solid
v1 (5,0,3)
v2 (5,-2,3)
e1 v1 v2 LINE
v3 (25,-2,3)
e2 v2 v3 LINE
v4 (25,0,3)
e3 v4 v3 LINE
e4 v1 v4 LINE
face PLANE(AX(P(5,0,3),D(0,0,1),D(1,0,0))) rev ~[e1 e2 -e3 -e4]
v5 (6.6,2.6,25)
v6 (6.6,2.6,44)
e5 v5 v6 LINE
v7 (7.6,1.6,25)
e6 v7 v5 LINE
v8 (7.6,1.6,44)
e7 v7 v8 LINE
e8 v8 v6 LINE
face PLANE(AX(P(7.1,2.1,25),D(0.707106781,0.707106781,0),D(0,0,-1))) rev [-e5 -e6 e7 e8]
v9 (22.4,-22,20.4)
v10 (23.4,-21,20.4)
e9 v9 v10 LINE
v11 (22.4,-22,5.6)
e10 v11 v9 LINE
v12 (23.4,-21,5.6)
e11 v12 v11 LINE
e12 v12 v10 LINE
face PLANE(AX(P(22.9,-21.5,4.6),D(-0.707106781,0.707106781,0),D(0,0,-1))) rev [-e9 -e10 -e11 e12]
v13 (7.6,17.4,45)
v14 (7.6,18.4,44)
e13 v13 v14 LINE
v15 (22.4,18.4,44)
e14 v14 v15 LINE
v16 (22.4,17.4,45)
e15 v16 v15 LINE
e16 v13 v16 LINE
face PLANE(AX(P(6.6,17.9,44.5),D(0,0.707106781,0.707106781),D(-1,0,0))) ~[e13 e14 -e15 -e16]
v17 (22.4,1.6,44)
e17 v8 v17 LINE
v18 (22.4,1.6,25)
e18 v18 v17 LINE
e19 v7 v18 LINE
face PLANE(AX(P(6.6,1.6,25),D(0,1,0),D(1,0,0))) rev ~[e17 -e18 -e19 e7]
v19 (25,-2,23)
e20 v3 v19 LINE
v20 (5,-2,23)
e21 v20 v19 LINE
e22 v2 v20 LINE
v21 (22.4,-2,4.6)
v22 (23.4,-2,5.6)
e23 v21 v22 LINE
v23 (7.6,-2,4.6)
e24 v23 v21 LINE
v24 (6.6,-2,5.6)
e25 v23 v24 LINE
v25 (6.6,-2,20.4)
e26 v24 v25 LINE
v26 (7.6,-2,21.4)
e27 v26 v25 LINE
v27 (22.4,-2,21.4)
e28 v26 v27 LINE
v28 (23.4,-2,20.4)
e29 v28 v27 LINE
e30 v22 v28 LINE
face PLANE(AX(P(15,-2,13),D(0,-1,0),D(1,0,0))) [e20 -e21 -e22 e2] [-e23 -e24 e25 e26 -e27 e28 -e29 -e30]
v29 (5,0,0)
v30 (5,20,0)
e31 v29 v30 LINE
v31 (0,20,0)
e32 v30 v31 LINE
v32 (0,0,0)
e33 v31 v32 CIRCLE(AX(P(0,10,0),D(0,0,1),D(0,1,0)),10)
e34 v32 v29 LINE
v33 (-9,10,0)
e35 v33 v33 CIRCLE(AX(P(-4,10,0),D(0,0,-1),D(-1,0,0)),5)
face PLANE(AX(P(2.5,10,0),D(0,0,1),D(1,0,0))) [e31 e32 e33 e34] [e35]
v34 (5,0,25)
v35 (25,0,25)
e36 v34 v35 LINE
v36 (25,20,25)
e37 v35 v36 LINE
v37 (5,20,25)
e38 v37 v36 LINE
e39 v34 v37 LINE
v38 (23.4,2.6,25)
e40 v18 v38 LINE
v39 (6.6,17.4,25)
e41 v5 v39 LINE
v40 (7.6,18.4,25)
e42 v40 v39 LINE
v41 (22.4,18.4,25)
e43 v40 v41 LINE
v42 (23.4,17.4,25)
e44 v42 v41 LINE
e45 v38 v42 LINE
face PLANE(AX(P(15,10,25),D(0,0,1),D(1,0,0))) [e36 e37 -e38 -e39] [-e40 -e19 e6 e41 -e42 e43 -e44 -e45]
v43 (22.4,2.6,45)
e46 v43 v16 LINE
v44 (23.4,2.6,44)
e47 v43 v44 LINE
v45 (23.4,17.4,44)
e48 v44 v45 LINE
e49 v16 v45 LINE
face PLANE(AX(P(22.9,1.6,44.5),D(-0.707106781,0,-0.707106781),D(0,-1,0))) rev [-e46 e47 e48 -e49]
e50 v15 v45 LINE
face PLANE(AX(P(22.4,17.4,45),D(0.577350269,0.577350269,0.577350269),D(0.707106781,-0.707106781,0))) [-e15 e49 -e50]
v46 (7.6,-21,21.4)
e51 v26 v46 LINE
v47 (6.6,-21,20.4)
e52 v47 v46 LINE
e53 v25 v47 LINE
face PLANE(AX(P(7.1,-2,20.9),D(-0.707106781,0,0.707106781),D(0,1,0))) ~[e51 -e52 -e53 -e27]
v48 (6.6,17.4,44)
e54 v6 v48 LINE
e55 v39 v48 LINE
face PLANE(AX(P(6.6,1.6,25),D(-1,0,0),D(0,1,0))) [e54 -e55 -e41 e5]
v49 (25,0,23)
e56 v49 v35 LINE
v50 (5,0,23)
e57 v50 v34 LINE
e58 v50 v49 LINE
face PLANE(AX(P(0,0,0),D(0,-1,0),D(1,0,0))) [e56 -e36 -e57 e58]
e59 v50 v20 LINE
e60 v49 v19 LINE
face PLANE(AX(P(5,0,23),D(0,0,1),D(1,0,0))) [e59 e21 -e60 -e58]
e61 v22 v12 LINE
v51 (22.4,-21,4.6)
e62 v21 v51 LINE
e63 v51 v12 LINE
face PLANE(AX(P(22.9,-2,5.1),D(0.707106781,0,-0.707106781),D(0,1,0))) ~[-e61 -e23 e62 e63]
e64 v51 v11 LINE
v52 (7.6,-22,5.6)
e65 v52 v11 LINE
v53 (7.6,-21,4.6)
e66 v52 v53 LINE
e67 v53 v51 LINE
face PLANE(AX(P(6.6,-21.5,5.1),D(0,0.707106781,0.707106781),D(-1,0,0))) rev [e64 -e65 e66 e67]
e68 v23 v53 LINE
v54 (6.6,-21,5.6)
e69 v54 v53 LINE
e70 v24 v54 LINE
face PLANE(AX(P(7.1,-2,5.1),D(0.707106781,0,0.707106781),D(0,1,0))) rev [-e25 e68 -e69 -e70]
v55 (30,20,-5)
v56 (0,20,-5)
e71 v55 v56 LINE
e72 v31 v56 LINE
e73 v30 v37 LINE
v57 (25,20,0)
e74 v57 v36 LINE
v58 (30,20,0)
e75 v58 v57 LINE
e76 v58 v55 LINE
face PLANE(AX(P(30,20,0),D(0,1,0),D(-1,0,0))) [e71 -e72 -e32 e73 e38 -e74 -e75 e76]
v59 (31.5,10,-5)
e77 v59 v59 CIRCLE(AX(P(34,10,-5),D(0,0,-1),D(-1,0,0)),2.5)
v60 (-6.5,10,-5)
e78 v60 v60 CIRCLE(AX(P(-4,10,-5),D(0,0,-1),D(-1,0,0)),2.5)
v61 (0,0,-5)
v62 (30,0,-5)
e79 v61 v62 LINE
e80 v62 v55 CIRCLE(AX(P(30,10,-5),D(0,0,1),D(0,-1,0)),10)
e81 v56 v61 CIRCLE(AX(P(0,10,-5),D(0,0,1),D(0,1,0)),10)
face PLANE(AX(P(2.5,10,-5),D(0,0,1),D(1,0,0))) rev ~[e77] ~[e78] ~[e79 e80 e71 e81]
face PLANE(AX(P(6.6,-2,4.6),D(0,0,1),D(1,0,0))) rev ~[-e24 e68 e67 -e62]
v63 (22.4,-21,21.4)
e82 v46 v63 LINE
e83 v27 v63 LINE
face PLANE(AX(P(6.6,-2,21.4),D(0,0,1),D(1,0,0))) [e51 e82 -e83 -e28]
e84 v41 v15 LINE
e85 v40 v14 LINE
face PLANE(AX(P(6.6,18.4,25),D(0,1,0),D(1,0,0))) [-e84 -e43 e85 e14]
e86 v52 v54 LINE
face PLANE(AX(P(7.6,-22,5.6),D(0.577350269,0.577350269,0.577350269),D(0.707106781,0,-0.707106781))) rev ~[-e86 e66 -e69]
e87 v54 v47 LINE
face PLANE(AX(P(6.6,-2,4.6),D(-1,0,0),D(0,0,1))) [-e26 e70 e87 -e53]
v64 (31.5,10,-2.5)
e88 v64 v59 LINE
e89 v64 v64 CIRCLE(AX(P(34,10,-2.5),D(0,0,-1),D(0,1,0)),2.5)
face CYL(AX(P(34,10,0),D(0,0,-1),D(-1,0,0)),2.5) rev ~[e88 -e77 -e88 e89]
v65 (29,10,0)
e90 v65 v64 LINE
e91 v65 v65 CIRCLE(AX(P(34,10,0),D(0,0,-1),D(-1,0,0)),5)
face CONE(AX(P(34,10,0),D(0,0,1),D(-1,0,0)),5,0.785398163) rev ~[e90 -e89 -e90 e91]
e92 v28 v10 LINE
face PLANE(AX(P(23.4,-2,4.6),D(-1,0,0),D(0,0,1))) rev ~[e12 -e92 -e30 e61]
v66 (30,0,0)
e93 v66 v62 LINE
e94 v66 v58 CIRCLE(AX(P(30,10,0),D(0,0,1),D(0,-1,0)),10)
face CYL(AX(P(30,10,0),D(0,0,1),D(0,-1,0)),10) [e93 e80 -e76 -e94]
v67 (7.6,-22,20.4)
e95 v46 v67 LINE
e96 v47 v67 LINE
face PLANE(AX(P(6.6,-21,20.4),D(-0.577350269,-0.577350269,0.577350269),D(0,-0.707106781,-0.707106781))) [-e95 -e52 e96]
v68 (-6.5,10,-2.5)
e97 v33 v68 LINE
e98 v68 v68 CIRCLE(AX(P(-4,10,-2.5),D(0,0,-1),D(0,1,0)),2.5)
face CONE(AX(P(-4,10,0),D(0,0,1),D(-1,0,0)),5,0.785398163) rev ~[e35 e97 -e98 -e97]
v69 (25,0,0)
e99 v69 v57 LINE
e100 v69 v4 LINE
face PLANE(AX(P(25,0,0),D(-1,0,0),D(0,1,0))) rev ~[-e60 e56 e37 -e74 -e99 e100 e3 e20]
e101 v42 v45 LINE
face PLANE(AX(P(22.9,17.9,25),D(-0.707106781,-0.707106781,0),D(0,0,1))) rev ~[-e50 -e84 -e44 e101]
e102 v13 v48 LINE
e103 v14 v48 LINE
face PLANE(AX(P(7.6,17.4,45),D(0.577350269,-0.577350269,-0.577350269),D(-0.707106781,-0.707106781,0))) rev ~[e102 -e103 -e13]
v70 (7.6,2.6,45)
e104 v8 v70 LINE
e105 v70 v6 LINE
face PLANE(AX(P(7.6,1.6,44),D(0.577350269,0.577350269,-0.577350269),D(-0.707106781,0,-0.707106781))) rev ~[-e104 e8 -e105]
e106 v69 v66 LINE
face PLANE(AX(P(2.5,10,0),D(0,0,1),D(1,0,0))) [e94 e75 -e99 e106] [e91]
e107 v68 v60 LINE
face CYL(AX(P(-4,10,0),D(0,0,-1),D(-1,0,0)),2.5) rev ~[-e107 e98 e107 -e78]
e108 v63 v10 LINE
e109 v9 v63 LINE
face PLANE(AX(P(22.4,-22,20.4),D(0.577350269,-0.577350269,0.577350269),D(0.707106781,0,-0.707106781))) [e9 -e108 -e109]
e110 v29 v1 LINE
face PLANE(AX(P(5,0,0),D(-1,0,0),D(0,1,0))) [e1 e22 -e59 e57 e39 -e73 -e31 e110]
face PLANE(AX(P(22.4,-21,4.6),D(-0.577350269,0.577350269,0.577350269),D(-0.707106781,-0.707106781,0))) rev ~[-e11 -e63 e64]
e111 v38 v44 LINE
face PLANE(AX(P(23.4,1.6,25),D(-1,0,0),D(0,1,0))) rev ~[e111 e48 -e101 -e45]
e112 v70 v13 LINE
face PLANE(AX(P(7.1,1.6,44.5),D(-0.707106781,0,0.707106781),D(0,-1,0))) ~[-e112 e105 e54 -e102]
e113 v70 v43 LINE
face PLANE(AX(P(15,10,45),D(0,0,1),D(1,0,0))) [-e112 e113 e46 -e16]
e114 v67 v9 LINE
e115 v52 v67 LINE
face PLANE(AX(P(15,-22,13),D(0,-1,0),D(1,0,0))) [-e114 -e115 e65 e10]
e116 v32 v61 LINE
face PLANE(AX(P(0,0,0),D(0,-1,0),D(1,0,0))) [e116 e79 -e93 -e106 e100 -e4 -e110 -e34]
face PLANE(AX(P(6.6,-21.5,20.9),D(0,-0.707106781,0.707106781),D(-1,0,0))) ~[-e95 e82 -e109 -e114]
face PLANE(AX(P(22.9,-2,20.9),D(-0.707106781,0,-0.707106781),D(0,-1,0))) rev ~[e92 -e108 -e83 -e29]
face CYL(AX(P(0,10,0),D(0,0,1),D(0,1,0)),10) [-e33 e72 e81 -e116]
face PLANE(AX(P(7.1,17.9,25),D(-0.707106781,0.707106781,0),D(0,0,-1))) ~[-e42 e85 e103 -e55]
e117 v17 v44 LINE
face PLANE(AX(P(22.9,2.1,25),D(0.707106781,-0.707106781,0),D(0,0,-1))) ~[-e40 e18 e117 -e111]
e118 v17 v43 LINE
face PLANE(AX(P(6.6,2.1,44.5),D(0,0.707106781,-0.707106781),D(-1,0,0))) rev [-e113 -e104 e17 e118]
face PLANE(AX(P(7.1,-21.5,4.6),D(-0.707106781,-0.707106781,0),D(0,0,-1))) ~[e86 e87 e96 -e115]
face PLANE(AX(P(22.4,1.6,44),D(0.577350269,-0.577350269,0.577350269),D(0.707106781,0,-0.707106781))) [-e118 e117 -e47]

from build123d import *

# Parameters (mm, degrees)
F0_W            = 20
F0_H            = 20
F1_DEPTH        = 25
F0_W_2          = 5
F2_DEPTH        = 5
F3_W            = 16.8
F3_H            = 16.8
F4_DEPTH        = 20
F5_W            = 20
F5_H            = 20
F6_DEPTH        = 2
F7_SIZE         = 1
F8_W            = 16.8
F8_H            = 16.8
F9_DEPTH        = 20
F10_SIZE        = 1
F11_D           = 5
F11_CSINK_D     = 10
F11_CSINK_ANGLE = 90


with BuildPart() as f1:
    # F0 (on Top) → F1 (new body)
    with BuildSketch(Plane.XY):
        with Locations((15, 10)):
            Rectangle(F0_W, F0_H)
    extrude(amount=F1_DEPTH)

    # F0 (on Top) → F2 (join)
    with BuildSketch(Plane.XY):
        with Locations((2.5, 10)):
            Rectangle(F0_W_2, F0_H)
        with BuildLine():
            ThreePointArc((0, 20), (-10, 10), (0, 0))
            Line((0, 0), (0, 20))
        make_face()
        with Locations((15, 10)):
            Rectangle(F0_W, F0_H)
        with Locations((27.5, 10)):
            Rectangle(F0_W_2, F0_H)
        with BuildLine():
            Line((30, 20), (30, 0))
            ThreePointArc((30, 0), (40, 10), (30, 20))
        make_face()
    extrude(amount=-F2_DEPTH)

    # F3 (on face) → F4 (join)
    with BuildSketch(Plane.XY.offset(25)):
        with Locations((15, 10)):
            Rectangle(F3_W, F3_H)
    extrude(amount=F4_DEPTH)

    # F5 (on face) → F6 (join)
    with BuildSketch(Plane.XZ):
        with Locations((15, 13)):
            Rectangle(F5_W, F5_H)
    extrude(amount=F6_DEPTH)

    # F7
    f7_edges = [f1.edges().sort_by_distance(p)[0] for p in [
        (23.4, 18.4, 35),
        (6.6, 18.4, 35),
        (15, 18.4, 45),
        (6.6, 10, 45),
        (23.4, 10, 45),
        (15, 1.6, 45),
        (23.4, 1.6, 35),
        (6.6, 1.6, 35),
    ]]
    chamfer(f7_edges, length=F7_SIZE)

    # F8 (on face) → F9 (join)
    with BuildSketch(Plane.XZ.offset(2)):
        with Locations((15, 13)):
            Rectangle(F8_W, F8_H)
    extrude(amount=F9_DEPTH)

    # F10
    f10_edges = [f1.edges().sort_by_distance(p)[0] for p in [
        (23.4, -12, 21.4),
        (15, -22, 21.4),
        (6.6, -12, 21.4),
        (23.4, -22, 13),
        (23.4, -12, 4.6),
        (6.6, -12, 4.6),
        (6.6, -22, 13),
        (15, -22, 4.6),
    ]]
    chamfer(f10_edges, length=F10_SIZE)

    # F11 (through all)
    with Locations(Plane.XY):
        with Locations((-4, 10), (34, 10)):
            CounterSinkHole(F11_D / 2, F11_CSINK_D / 2, counter_sink_angle=F11_CSINK_ANGLE)


solid = f1.part
